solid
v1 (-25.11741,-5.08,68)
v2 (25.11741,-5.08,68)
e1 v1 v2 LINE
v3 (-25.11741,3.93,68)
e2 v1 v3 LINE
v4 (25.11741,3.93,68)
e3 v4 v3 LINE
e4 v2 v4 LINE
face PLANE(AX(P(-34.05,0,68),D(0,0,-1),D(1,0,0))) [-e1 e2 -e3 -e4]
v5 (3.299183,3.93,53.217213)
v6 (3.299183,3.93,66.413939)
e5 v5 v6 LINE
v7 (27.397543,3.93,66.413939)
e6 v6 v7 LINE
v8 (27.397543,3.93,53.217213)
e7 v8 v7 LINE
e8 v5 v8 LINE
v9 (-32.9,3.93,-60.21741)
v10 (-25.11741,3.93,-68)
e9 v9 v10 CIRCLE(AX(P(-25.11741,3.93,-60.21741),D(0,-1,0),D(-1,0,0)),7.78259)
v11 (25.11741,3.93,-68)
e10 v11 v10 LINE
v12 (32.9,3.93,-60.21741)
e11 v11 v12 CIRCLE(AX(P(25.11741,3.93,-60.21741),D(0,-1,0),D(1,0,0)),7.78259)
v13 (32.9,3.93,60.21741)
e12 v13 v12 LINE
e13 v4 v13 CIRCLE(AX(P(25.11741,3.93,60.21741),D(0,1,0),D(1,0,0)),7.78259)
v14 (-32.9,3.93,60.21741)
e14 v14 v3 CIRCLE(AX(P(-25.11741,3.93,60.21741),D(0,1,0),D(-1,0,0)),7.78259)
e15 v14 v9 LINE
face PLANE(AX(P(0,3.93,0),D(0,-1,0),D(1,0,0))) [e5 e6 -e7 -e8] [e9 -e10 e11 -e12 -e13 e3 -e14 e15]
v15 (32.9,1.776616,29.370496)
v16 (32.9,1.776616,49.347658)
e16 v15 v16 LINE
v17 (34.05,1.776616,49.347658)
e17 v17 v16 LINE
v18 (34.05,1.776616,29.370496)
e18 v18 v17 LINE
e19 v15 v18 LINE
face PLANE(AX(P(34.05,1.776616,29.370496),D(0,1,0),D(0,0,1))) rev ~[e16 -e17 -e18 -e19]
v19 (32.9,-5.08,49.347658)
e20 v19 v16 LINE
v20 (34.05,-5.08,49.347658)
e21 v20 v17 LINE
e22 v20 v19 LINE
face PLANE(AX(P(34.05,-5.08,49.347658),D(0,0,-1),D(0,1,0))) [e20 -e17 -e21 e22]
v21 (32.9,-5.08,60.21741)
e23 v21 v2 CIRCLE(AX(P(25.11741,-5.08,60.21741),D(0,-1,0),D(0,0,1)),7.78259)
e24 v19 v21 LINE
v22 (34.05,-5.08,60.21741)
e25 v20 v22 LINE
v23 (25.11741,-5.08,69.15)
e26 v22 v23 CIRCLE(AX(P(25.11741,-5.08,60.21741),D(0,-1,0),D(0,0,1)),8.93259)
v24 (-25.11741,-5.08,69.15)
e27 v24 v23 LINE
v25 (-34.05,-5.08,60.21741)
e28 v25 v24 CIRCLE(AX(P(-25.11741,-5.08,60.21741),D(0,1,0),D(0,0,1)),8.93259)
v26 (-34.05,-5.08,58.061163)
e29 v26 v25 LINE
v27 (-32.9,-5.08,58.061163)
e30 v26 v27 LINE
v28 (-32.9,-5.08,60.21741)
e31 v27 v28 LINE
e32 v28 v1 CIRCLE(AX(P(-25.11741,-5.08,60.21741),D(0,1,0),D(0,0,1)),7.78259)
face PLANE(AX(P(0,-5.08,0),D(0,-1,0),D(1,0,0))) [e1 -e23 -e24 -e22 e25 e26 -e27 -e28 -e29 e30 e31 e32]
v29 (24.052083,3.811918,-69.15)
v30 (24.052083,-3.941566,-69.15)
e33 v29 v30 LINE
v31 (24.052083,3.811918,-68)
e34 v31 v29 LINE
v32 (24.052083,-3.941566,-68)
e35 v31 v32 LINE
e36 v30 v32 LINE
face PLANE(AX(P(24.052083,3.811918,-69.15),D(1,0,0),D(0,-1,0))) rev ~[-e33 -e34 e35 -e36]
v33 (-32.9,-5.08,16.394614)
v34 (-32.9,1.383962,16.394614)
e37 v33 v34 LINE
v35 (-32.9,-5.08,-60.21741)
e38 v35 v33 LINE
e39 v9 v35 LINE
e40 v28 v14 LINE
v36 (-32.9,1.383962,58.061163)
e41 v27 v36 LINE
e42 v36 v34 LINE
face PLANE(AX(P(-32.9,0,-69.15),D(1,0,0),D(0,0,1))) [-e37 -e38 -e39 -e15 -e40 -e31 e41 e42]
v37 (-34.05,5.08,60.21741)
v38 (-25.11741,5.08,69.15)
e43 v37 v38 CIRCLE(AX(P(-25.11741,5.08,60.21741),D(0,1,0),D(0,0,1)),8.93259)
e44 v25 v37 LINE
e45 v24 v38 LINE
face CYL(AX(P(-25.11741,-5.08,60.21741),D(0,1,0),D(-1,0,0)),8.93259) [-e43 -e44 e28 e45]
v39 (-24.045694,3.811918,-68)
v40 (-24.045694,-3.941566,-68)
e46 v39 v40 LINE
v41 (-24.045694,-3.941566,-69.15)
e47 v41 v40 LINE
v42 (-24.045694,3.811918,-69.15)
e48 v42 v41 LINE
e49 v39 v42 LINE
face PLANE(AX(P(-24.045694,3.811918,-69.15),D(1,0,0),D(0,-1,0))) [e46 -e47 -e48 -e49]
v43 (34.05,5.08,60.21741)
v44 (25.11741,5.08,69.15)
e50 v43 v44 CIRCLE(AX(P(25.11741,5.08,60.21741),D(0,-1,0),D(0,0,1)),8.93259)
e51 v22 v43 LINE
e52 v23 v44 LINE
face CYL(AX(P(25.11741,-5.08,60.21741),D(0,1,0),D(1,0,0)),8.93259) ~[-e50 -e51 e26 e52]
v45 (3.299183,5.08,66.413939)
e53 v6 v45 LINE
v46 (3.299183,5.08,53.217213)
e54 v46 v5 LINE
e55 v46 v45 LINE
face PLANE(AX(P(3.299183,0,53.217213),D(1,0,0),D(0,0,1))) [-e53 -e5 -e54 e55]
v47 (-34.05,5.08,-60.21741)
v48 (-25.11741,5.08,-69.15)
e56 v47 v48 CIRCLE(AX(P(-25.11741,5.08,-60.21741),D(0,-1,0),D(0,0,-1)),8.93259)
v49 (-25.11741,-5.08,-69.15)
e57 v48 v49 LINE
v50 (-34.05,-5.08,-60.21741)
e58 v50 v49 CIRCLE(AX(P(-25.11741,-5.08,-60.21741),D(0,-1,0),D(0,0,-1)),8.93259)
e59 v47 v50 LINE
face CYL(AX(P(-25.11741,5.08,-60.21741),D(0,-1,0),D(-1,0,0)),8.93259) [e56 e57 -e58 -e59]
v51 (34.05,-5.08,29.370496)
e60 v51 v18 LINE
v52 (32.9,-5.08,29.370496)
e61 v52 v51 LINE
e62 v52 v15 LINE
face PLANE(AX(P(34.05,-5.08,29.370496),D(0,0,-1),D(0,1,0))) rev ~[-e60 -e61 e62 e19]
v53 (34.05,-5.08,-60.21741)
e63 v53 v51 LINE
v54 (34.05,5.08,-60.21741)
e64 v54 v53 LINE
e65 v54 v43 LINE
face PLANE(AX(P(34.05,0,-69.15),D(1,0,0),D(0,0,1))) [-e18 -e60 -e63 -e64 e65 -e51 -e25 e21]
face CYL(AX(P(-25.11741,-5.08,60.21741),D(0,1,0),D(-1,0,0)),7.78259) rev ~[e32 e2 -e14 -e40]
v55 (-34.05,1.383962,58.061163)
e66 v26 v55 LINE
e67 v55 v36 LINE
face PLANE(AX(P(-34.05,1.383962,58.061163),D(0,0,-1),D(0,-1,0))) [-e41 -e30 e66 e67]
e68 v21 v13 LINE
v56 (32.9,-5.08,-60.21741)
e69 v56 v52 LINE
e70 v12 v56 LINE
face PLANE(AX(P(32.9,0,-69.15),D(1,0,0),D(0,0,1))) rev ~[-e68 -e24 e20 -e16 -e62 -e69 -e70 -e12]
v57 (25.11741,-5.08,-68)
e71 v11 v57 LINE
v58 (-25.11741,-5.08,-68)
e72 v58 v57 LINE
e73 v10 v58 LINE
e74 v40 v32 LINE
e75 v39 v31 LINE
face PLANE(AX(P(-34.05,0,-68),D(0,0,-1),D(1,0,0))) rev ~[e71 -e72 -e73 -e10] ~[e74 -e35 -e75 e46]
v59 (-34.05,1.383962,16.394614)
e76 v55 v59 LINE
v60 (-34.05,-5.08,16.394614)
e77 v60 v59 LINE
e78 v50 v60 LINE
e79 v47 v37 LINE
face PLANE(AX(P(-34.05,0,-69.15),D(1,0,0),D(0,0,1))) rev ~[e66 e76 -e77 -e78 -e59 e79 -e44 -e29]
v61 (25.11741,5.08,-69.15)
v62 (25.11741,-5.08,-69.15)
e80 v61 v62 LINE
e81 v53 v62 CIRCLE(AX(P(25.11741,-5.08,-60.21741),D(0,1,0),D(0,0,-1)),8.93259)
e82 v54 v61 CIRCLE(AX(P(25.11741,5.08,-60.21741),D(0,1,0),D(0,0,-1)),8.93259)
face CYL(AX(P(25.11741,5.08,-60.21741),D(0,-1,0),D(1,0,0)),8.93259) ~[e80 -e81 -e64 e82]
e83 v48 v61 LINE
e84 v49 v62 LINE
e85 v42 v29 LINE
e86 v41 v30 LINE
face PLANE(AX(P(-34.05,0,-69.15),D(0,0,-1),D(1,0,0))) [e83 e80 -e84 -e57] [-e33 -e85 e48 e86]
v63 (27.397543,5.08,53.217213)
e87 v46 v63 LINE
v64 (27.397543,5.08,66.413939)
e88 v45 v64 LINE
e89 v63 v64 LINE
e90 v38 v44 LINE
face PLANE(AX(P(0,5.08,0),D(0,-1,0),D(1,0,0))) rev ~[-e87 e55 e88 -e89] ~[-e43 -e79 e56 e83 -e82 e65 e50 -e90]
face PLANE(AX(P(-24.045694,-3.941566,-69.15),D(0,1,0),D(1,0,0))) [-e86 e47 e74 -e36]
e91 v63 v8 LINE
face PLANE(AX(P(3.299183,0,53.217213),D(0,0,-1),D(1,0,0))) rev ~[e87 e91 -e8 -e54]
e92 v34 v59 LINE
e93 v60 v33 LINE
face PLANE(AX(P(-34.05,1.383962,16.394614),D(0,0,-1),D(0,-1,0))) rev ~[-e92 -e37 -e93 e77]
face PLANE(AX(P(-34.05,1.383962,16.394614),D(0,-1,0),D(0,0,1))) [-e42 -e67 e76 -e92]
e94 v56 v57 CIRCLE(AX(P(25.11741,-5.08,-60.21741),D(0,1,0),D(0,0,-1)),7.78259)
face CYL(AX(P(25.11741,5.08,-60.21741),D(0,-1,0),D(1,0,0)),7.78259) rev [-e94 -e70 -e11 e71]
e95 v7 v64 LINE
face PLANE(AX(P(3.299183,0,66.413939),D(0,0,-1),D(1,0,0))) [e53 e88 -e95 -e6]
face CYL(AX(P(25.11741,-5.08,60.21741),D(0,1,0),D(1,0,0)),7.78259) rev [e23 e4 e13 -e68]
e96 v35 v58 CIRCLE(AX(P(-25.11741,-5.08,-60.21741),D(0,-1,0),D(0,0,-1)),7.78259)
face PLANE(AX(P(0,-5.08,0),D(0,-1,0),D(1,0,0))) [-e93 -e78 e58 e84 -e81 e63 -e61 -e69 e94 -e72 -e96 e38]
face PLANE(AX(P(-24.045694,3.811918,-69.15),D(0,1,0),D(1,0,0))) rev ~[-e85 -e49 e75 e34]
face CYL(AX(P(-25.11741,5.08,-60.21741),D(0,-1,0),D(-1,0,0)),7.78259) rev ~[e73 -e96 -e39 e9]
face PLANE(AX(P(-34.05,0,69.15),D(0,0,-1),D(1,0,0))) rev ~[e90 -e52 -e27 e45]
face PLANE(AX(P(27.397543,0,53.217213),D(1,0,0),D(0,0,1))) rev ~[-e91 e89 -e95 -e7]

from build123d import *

# Parameters (mm, degrees)
F0_W      = 68.1
F0_H      = 138.3
F1_DEPTH  = 5.08
F2_R      = 8.93259
F3_T      = -1.15
F4_W      = 24.09836
F4_H      = 13.196725
F5_DEPTH  = 12.5
F6_W      = 48.097777
F6_H      = 7.753484
F7_DEPTH  = 12.5
F8_W      = 10.118616
F8_H      = 41.666549
F9_DEPTH  = 12.5
F10_W     = 6.856616
F10_H     = 19.977162
F11_DEPTH = 12.5


with BuildPart() as f1:
    # F0 (on Front) → F1 (new body, symmetric)
    with BuildSketch(Plane.XZ):
        Rectangle(F0_W, F0_H)
    extrude(amount=F1_DEPTH, both=True)

    # F2
    f2_edges = [f1.edges().sort_by_distance(p)[0] for p in [
        (-34.05, 0, 69.15),
        (34.05, 0, 69.15),
        (34.05, 0, -69.15),
        (-34.05, 0, -69.15),
    ]]
    fillet(f2_edges, radius=F2_R)

    # F3
    f3_openings = [f1.faces().sort_by_distance(p)[0] for p in [
        (0, -5.08, 0),
    ]]
    offset(amount=F3_T, openings=f3_openings)

    # F4 (on face) → F5 (cut, symmetric)
    with BuildSketch(Plane.XZ):
        with Locations((15.348363, 59.815576)):
            Rectangle(F4_W, F4_H)
    extrude(amount=F5_DEPTH, both=True, mode=Mode.SUBTRACT)

    # F6 (on face) → F7 (cut, symmetric)
    with BuildSketch(Plane(origin=(0, 0, -69.15), x_dir=(1, 0, 0), z_dir=(0, 0, -1))):
        with Locations((0.003194, 0.064824)):
            Rectangle(F6_W, F6_H)
    extrude(amount=F7_DEPTH, both=True, mode=Mode.SUBTRACT)

    # F8 (on face) → F9 (cut, symmetric)
    with BuildSketch(Plane(origin=(-34.05, 0, 0), x_dir=(0, -1, 0), z_dir=(-1, 0, 0))):
        with Locations((3.675346, 37.227889)):
            Rectangle(F8_W, F8_H)
    extrude(amount=F9_DEPTH, both=True, mode=Mode.SUBTRACT)

    # F10 (on face) → F11 (cut, symmetric)
    with BuildSketch(Plane.YZ.offset(34.05)):
        with Locations((-1.651692, 39.359077)):
            Rectangle(F10_W, F10_H)
    extrude(amount=F11_DEPTH, both=True, mode=Mode.SUBTRACT)


solid = f1.part
